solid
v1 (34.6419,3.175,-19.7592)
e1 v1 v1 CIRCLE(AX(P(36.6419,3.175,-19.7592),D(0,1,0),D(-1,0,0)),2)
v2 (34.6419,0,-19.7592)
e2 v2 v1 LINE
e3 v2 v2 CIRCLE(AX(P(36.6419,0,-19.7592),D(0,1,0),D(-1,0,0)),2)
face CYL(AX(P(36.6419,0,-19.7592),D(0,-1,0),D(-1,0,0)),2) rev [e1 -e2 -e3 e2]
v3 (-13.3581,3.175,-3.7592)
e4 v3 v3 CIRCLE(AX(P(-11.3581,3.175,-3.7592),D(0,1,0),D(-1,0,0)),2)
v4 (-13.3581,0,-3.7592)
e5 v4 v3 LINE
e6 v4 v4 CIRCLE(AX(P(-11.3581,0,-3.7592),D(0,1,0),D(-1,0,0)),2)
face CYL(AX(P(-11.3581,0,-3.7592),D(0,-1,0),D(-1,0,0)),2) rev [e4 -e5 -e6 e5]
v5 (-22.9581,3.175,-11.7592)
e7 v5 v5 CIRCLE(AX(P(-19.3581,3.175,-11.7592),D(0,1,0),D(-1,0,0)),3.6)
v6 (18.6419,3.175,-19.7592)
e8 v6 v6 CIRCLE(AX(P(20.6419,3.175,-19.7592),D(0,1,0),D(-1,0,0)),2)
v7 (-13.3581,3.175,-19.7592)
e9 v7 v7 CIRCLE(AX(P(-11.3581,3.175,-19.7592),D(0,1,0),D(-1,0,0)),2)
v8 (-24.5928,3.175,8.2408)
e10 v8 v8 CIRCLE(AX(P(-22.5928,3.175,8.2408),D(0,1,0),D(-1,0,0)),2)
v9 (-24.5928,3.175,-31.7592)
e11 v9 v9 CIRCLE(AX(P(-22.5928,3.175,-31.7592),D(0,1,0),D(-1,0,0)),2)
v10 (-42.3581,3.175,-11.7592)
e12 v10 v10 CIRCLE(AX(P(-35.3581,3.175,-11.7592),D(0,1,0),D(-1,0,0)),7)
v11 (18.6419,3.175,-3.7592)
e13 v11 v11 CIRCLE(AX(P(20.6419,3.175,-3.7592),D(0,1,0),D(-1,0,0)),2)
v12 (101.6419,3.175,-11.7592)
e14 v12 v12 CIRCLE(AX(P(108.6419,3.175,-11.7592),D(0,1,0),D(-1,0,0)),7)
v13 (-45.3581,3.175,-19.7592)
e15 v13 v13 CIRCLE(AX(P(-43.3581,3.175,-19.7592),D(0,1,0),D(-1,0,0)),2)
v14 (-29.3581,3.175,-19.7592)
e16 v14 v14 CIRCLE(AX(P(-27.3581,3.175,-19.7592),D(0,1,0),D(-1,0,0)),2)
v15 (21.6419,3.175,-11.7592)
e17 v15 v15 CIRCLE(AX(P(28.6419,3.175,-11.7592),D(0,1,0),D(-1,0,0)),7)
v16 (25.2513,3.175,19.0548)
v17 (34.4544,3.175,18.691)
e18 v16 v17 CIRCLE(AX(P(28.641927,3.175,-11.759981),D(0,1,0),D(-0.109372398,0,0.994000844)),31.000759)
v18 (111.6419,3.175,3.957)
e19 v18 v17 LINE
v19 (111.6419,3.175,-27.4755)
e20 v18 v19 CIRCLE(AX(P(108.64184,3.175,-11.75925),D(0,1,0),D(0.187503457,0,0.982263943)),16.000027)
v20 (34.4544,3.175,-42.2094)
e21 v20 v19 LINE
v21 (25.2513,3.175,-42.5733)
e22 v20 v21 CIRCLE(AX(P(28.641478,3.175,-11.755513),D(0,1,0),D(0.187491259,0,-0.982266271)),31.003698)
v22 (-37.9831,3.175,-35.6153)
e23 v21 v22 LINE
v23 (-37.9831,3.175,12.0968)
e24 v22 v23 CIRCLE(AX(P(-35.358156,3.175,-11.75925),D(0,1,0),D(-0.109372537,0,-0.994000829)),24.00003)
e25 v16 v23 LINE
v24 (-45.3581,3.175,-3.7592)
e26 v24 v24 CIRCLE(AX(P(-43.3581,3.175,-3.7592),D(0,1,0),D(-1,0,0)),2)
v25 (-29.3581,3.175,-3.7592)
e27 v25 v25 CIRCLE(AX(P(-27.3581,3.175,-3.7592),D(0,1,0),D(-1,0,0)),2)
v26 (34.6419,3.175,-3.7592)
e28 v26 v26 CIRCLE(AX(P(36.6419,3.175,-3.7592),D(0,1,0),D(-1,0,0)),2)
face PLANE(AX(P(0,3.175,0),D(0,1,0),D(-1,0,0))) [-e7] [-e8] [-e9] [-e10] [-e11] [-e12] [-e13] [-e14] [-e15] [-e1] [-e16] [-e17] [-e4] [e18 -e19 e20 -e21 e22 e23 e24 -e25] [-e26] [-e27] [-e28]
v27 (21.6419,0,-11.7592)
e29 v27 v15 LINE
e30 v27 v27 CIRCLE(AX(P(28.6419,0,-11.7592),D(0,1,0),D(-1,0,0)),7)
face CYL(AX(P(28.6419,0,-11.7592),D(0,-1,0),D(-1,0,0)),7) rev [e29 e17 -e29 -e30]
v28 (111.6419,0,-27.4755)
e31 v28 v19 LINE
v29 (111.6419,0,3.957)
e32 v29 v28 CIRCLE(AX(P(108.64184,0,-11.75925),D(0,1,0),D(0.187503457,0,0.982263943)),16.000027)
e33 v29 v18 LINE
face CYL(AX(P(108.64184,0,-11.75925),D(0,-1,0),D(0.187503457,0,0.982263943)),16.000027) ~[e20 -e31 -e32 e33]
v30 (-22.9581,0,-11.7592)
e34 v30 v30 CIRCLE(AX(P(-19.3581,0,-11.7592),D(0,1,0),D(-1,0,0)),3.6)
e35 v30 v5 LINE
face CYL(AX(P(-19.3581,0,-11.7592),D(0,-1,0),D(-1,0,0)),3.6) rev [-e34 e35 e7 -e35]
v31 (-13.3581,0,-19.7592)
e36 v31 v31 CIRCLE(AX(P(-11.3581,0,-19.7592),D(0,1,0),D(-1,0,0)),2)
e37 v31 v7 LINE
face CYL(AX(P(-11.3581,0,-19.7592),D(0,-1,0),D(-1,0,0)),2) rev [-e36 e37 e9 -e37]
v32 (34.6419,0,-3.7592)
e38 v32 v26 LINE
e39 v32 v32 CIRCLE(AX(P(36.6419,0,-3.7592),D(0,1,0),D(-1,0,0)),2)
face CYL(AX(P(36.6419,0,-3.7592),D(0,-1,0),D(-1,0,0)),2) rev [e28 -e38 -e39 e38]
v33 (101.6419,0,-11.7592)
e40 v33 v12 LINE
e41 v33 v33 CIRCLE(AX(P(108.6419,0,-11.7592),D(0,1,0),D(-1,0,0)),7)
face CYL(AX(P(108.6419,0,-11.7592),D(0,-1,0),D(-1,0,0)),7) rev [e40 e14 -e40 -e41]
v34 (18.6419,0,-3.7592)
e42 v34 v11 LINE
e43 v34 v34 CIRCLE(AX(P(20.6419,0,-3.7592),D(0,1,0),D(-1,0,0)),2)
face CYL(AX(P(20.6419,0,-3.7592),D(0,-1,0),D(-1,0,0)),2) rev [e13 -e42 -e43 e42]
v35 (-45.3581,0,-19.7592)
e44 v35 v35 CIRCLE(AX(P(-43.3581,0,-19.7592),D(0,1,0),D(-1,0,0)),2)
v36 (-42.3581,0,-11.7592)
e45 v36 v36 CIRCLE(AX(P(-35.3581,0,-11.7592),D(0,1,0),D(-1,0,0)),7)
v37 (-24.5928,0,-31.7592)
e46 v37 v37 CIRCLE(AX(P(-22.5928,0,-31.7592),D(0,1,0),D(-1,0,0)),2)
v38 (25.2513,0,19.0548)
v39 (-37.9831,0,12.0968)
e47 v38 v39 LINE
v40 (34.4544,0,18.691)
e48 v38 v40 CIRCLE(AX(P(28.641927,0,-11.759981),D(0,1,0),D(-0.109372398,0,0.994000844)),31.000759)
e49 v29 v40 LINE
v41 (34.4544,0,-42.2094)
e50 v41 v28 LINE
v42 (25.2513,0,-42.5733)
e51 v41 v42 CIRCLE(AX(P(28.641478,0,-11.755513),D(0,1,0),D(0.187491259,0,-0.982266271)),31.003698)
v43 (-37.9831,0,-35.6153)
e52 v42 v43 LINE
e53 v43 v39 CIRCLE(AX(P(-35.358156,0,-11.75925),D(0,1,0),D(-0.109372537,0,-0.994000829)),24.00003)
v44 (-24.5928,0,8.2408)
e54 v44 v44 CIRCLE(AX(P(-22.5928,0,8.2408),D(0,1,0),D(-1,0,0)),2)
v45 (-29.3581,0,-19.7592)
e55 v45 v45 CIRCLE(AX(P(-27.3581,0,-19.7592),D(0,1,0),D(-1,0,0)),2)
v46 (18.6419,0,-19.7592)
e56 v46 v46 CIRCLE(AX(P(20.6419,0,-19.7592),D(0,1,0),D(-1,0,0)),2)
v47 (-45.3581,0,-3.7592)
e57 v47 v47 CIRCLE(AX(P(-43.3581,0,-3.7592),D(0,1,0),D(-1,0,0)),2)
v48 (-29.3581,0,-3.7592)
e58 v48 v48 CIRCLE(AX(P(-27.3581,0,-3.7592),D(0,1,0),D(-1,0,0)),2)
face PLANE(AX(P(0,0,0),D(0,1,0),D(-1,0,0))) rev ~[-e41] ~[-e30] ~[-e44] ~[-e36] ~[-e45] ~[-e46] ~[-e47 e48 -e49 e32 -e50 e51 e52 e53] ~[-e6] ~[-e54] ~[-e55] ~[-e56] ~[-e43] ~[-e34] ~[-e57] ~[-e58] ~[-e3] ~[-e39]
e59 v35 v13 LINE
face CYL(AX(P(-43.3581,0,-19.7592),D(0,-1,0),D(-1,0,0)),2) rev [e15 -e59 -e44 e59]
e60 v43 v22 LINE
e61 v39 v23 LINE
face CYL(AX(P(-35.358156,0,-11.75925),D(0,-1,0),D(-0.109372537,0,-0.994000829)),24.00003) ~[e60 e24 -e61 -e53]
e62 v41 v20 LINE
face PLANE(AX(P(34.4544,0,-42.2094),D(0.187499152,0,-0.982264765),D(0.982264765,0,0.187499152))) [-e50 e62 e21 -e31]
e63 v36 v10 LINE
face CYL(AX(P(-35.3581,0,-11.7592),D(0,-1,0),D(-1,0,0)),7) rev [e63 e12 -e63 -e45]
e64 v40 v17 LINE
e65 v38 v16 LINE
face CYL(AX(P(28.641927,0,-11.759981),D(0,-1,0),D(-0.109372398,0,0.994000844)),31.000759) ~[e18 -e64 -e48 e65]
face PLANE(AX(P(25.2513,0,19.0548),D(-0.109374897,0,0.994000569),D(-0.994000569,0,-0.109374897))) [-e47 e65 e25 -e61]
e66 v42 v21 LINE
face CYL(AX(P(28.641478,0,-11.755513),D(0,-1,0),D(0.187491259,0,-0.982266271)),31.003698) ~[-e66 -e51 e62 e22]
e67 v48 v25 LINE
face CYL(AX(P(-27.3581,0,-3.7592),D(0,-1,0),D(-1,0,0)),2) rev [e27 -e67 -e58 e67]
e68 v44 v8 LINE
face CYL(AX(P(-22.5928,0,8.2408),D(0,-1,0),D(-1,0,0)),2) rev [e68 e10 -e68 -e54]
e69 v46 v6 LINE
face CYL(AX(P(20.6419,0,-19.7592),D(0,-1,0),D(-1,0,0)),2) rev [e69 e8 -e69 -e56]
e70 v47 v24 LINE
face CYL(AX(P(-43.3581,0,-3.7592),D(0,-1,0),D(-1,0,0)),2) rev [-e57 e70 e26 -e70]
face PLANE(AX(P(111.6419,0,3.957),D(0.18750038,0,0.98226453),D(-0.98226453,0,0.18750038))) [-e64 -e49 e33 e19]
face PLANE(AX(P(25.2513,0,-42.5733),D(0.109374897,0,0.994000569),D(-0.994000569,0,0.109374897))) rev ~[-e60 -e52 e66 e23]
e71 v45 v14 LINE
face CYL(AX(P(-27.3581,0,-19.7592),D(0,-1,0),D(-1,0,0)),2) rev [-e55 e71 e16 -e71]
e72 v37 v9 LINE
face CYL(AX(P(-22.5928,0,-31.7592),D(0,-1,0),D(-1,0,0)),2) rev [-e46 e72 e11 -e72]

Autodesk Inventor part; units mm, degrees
ref_plane "YZ Plane" through (0, 0, 0) normal (1, 0, 0) x (0, 1, 0)
ref_plane "XZ Plane" through (0, 0, 0) normal (0, 1, 0) x (-1, 0, 0)
ref_plane "XY Plane" through (0, 0, 0) normal (0, 0, 1) x (1, 0, 0)
sketch "Sketch1" plane through (0, 0, 0) normal (0, 1, 0) x (-1, 0, 0)
  line L0 (-28.6419, -11.7592) -> (-388.4279, -11.7592) construction
  arc A0 (-111.6419, 3.957) -> (-111.6419, -27.4755) centre (-108.6419, -11.7592) ccw
  arc A1 (37.9831, -35.6153) -> (37.9831, 12.0968) centre (35.3581, -11.7592) ccw
  line L1 (-25.2513, -42.5733) -> (37.9831, -35.6153)
  line L2 (-25.2513, 19.0548) -> (37.9831, 12.0968)
  line L3 (-34.4544, -42.2094) -> (-111.6419, -27.4755)
  line L4 (-111.6419, 3.957) -> (-34.4544, 18.691)
  arc A2 (-25.2513, 19.0548) -> (-34.4544, 18.691) centre (-28.6419, -11.7592) ccw
  arc A3 (-34.4544, -42.2094) -> (-25.2513, -42.5733) centre (-28.6419, -11.7592) ccw
  circle A4 centre (-108.6419, -11.7592) radius 7
  circle A5 centre (35.3581, -11.7592) radius 7
  circle A6 centre (-28.6419, -11.7592) radius 7
  circle A7 centre (27.3581, -3.7592) radius 2
  circle A8 centre (27.3581, -19.7592) radius 2
  circle A9 centre (43.3581, -19.7592) radius 2
  circle A10 centre (43.3581, -3.7592) radius 2
  circle A11 centre (35.3581, -11.7592) radius 11.3137 construction
  circle A12 centre (-108.6419, -11.7592) radius 43 construction
  circle A13 centre (-28.6419, -11.7592) radius 55 construction
  circle A14 centre (22.5928, -31.7592) radius 2
  circle A15 centre (22.5928, 8.2408) radius 2
  circle A16 centre (-36.6419, -19.7592) radius 2
  circle A17 centre (-20.6419, -19.7592) radius 2
  circle A18 centre (-20.6419, -3.7592) radius 2
  circle A19 centre (-36.6419, -3.7592) radius 2
  circle A20 centre (11.3581, -19.7592) radius 2
  circle A21 centre (11.3581, -3.7592) radius 2
  circle A22 centre (19.3581, -11.7592) radius 3.6
  dimension "d21" = 110
  dimension "d3" = 32
  dimension "d4" = 80
  dimension "d5" = 48
  dimension "d6" = 64
  dimension "d7" = 14
  dimension "d8" = 14
  dimension "d9" = 14
  dimension "d12" = 4
  dimension "d15" = 360
  dimension "d19" = 86
  dimension "d22" = 4
  dimension "d23" = 20
  dimension "d24" = 8
  dimension "d25" = 8
  dimension "d26" = 4
  dimension "d29" = 360
  dimension "d31" = 8
  dimension "d32" = 4
  dimension "d33" = 16
  dimension "d34" = 7.2
  dimension "d35" = 8
extrude "Extrusion1" add sketch "Sketch1" along normal blind 3.175
properties part number "bean" material "Aluminum 6061"
